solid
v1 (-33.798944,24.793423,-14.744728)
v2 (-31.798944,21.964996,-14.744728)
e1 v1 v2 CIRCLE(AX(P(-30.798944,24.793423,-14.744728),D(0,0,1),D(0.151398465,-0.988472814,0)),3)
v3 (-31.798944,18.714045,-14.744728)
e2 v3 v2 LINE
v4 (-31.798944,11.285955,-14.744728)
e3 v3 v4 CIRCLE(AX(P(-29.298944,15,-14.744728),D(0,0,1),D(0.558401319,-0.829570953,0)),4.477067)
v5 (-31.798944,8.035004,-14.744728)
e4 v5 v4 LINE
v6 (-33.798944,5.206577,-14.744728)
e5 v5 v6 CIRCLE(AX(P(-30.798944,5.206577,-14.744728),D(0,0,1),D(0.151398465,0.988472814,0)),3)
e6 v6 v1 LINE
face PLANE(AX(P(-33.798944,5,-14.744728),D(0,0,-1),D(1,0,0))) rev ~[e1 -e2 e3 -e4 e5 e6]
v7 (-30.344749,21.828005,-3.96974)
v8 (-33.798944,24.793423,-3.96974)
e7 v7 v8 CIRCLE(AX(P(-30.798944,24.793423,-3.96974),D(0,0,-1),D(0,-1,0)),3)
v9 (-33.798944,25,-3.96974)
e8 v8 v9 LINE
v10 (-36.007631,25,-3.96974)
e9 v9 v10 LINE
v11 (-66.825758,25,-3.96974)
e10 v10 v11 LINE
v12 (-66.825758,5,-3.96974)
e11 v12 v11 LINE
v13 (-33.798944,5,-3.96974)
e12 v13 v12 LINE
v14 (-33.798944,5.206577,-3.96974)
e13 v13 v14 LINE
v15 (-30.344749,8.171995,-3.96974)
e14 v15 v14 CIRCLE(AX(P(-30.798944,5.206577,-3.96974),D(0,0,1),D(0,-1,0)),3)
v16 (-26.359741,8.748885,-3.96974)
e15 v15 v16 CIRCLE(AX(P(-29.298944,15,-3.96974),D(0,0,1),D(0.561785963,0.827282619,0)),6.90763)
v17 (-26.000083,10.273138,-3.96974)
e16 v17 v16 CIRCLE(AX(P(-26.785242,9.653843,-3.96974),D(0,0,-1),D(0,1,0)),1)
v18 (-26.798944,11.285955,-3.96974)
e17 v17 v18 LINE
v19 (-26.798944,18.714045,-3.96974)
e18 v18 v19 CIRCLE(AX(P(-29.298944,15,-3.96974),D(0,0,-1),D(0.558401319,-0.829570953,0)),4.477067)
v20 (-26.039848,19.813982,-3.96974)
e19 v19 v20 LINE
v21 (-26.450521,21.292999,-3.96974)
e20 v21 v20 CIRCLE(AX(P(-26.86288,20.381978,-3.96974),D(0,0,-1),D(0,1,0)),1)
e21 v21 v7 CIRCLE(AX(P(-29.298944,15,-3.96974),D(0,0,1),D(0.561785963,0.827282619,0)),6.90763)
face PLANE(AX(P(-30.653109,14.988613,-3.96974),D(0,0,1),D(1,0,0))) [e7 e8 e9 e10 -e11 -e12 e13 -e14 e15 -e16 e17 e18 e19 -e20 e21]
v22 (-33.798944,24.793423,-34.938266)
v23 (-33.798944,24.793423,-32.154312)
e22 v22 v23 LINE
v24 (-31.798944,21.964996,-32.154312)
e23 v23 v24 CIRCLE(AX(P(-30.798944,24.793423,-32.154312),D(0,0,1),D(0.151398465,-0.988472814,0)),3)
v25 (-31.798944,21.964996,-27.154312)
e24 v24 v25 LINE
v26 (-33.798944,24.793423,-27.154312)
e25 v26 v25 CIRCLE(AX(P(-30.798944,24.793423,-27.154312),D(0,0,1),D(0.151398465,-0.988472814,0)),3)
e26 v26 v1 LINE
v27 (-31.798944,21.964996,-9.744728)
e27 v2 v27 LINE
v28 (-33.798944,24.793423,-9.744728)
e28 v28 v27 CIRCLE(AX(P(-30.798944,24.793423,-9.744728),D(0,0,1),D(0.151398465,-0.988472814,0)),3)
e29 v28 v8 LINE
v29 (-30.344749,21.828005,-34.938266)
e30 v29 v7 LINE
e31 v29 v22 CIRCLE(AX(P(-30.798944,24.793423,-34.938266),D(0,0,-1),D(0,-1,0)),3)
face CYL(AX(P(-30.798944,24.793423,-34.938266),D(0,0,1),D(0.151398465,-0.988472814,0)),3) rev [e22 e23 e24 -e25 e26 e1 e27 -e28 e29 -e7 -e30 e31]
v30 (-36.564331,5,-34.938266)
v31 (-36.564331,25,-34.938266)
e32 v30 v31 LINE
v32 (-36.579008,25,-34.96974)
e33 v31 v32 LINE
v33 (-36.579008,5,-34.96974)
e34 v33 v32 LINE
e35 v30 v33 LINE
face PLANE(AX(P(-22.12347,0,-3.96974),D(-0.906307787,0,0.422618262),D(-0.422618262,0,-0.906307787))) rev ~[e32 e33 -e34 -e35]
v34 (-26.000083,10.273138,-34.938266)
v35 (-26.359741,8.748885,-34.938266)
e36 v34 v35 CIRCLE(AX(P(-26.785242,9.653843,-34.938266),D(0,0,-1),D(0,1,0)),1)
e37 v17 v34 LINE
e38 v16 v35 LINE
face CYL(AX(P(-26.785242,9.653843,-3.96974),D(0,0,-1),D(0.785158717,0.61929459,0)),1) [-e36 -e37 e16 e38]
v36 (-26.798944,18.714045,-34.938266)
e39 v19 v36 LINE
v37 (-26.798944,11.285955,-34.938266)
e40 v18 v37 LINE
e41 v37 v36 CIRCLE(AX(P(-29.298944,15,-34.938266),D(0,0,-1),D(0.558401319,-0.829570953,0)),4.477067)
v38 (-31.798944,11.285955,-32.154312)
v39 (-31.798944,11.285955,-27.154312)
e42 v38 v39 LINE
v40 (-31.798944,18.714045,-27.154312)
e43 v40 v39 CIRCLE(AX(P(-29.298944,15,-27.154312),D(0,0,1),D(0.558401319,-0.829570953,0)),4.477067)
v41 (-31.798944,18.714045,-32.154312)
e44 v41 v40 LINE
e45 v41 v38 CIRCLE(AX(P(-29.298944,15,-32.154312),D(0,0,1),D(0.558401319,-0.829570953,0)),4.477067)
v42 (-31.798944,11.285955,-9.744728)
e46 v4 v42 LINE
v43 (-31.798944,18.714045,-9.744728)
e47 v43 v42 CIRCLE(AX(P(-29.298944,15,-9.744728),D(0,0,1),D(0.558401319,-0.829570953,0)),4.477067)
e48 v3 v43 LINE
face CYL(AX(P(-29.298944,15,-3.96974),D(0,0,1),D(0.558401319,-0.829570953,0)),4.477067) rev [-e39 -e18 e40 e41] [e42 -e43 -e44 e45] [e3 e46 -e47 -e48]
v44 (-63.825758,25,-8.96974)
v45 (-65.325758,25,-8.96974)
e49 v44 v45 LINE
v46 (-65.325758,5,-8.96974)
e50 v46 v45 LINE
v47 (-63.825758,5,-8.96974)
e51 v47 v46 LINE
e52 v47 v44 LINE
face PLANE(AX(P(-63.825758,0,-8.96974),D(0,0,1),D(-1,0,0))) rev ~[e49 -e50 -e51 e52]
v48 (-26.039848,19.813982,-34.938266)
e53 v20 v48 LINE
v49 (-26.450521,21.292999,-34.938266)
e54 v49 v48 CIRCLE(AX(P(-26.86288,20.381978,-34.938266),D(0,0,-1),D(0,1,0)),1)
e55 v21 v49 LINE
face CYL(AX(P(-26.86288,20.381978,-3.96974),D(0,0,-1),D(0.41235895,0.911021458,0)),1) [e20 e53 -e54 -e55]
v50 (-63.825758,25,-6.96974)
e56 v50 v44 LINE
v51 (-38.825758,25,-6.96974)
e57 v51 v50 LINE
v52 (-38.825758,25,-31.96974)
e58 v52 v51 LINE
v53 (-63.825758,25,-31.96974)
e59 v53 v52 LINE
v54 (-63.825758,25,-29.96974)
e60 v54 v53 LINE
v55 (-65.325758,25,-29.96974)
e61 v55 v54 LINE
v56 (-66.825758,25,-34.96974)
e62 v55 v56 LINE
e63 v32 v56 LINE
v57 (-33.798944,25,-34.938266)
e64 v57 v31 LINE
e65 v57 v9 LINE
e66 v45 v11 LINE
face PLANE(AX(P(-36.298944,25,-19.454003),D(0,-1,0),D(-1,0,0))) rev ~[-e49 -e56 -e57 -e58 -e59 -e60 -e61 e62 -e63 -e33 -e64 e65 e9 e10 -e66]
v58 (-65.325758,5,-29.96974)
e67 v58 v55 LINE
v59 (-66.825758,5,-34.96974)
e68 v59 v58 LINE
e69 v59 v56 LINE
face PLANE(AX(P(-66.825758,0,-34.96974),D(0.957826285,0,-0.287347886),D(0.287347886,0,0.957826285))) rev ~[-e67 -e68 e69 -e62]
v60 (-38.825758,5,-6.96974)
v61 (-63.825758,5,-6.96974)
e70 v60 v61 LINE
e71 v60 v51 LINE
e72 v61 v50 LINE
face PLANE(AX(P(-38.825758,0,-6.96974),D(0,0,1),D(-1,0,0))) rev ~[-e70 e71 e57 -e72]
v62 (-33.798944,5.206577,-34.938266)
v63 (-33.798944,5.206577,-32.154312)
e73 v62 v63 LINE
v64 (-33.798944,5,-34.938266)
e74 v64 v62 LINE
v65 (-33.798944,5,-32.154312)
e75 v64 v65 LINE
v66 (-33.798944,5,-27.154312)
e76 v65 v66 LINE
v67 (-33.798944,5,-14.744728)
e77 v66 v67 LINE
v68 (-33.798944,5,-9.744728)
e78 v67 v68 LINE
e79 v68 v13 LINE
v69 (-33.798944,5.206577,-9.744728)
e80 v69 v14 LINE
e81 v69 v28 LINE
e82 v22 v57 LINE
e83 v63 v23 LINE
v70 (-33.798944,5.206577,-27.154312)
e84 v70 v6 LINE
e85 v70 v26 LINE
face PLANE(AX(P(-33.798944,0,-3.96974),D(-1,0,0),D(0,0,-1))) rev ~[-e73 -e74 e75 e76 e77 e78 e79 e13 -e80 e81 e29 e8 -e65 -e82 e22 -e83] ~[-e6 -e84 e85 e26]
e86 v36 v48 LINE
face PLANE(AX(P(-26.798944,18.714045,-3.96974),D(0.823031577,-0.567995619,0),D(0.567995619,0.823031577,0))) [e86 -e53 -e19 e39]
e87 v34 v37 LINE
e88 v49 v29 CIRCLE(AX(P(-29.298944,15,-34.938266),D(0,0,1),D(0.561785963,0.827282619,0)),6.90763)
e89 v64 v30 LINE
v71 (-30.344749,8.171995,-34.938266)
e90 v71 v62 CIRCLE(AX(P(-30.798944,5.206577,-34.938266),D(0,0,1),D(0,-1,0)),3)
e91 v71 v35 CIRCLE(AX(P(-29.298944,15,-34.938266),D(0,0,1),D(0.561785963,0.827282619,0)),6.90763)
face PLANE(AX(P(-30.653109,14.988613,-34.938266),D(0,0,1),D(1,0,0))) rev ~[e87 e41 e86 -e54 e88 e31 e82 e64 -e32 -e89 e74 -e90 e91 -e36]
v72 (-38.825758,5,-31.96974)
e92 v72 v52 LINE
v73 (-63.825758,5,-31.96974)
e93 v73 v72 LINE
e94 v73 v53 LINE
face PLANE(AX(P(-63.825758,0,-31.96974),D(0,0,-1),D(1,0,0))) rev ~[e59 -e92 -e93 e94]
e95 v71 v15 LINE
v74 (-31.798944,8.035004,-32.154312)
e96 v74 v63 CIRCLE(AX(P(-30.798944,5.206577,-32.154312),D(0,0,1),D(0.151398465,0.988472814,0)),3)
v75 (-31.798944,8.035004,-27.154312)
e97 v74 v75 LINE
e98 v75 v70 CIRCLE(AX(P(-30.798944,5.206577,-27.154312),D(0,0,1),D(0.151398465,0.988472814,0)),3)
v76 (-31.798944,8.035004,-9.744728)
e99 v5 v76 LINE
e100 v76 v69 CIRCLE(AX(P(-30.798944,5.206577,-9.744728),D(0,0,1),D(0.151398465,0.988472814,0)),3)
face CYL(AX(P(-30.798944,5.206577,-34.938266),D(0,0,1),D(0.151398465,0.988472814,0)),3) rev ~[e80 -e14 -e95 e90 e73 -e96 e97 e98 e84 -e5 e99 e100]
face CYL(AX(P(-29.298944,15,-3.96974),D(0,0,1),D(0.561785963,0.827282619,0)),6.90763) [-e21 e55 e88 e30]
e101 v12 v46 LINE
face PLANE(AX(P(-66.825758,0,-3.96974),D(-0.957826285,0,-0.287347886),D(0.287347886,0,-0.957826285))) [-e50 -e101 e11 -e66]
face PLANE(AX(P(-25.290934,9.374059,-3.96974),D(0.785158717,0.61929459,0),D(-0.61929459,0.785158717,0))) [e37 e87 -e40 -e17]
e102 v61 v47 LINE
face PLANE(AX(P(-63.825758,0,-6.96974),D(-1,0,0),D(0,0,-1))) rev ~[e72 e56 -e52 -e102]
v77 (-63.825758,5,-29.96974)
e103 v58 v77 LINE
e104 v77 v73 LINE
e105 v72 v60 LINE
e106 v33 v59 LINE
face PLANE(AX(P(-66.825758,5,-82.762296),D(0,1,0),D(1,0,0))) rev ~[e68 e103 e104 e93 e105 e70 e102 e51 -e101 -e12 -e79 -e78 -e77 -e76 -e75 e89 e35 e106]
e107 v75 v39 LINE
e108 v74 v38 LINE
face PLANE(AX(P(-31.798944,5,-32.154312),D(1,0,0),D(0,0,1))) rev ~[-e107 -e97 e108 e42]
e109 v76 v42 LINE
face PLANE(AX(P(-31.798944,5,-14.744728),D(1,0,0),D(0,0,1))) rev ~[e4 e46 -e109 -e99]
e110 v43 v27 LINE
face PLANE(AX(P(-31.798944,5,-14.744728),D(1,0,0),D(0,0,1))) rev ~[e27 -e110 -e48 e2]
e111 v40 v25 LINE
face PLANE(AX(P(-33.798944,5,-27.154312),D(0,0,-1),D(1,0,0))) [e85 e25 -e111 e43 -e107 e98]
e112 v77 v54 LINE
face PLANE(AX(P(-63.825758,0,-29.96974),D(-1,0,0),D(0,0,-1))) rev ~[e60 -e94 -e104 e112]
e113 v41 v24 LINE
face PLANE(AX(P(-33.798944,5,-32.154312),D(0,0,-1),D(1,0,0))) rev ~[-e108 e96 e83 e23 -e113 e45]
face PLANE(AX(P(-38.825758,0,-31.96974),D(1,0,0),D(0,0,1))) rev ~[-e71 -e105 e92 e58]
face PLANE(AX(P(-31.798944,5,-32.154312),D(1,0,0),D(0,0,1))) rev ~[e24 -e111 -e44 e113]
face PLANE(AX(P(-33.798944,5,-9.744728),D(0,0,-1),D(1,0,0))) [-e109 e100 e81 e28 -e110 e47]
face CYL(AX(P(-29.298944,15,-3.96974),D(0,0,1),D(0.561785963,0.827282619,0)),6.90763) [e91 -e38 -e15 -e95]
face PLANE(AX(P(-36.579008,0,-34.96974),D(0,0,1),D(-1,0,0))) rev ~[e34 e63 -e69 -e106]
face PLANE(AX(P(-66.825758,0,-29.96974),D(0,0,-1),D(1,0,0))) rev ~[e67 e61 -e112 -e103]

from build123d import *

# Parameters (mm, degrees)
EXTRUDE_1_DEPTH           = 25
CUT_EXTRUDE_4_DEPTH       = 80.457942189
SKETCH_7_W                = 16.60831278
SKETCH_7_H                = 38.473598513
CUT_EXTRUDE_14_DEPTH      = 80.457942189
SKETCH_8_W                = 5
SKETCH_8_H                = 30.968526609
EXTRUDE_2_DEPTH           = 25
CUT_EXTRUDE_15_DEPTH      = 78.792556685
CUT_EXTRUDE_15_DEPTH_BACK = 78.792556685
SKETCH_9_W                = 33.026813651
SKETCH_9_H                = 5
EXTRUDE_3_DEPTH           = 30.968526609
FILLET_1_R                = 3
FILLET_2_R                = 1
SKETCH_11_W               = 2
SKETCH_11_H               = 5
CUT_EXTRUDE_16_DEPTH      = 79.029254622


with BuildPart() as part:
    # Эскиз1 → Бобышка-Вытянуть1 (new body)
    with BuildSketch(Plane(origin=(0, 0, 0), x_dir=(1, 0, 0), z_dir=(0, 1, 0))):
        Polygon((-66.825757576, 34.969739794), (-66.825757576, 29.969739794), (-63.825757576, 29.969739794), (-63.825757576, 31.969739794), (-38.825757576, 31.969739794), (-38.825757576, 6.969739794), (-63.825757576, 6.969739794), (-63.825757576, 8.969739794), (-66.825757576, 8.969739794), (-66.825757576, 3.969739794), (-22.123470102, 3.969739794), (-36.579007505, 34.969739794), align=None)
    extrude(amount=EXTRUDE_1_DEPTH)

    # Эскиз3 → Вырез-Вытянуть4 (cut, through all)
    with BuildSketch(Plane.XZ):
        Polygon((-66.825757576, -3.969739794), (-65.325757576, -8.969739794), (-66.825757576, -8.969739794), align=None)
        Polygon((-66.825757576, -29.969739794), (-66.825757576, -34.969739794), (-65.325757576, -29.969739794), align=None)
    extrude(amount=-CUT_EXTRUDE_4_DEPTH, mode=Mode.SUBTRACT)

    # Эскиз7 → Вырез-Вытянуть14 (cut, through all)
    with BuildSketch(Plane(origin=(0, 0, 0), x_dir=(-1, 0, 0), z_dir=(0, -1, 0))):
        with Locations((27.703474463, 20.539743139)):
            Rectangle(SKETCH_7_W, SKETCH_7_H)
    extrude(amount=-CUT_EXTRUDE_14_DEPTH, mode=Mode.SUBTRACT)

    # Эскиз8 → Бобышка-Вытянуть2 (add)
    with BuildSketch(Plane(origin=(0, 0, 0), x_dir=(-1, 0, 0), z_dir=(0, -1, 0))):
        with Locations((36.298943925, 19.454003098)):
            Rectangle(SKETCH_8_W, SKETCH_8_H)
    extrude(amount=-EXTRUDE_2_DEPTH)

    # Эскиз9 → Вырез-Вытянуть15 (cut, two sides: drawn at the far end of the back side and taken through both)
    with BuildSketch(Plane.XY.offset(-3.969739794).offset(-CUT_EXTRUDE_15_DEPTH_BACK)):
        with Locations((-50.312350751, 2.5)):
            Rectangle(SKETCH_9_W, SKETCH_9_H)
    extrude(amount=CUT_EXTRUDE_15_DEPTH + CUT_EXTRUDE_15_DEPTH_BACK, mode=Mode.SUBTRACT)

    # Эскиз10 → Бобышка-Вытянуть3 (add)
    with BuildSketch(Plane.XY.offset(-3.969739794)):
        with BuildLine():
            Line((-26.798943925, 18.714044563), (-25.41833427, 20.714562355))
            ThreePointArc((-25.41833427, 20.714562355), (-36.206138223, 14.922403986), (-25.290934081, 9.374059074))
            Line((-25.290934081, 9.374059074), (-26.798943925, 11.285955437))
            ThreePointArc((-26.798943925, 11.285955437), (-33.776010712, 15), (-26.798943925, 18.714044563))
        make_face()
    extrude(amount=-EXTRUDE_3_DEPTH)

    # Скругление1
    fillet_1_edges = [part.edges().sort_by_distance(p)[0] for p in [
        (-33.798943925, 9.759260146, -19.454003099),
        (-33.798943925, 20.240739854, -19.454003099),
    ]]
    fillet(fillet_1_edges, radius=FILLET_1_R)

    # Скругление2
    fillet_2_edges = [part.edges().sort_by_distance(p)[0] for p in [
        (-25.41833427, 20.714562355, -19.454003099),
        (-25.290934081, 9.374059074, -19.454003099),
    ]]
    fillet(fillet_2_edges, radius=FILLET_2_R)

    # Эскиз11 → Вырез-Вытянуть16 (cut, through all)
    with BuildSketch(Plane.XZ.offset(-5)):
        with Locations((-32.798943925, -12.244728029)):
            Rectangle(SKETCH_11_W, SKETCH_11_H)
        with Locations((-32.798943925, -29.654311708)):
            Rectangle(SKETCH_11_W, SKETCH_11_H)
    extrude(amount=-CUT_EXTRUDE_16_DEPTH, mode=Mode.SUBTRACT)


solid = part.part
